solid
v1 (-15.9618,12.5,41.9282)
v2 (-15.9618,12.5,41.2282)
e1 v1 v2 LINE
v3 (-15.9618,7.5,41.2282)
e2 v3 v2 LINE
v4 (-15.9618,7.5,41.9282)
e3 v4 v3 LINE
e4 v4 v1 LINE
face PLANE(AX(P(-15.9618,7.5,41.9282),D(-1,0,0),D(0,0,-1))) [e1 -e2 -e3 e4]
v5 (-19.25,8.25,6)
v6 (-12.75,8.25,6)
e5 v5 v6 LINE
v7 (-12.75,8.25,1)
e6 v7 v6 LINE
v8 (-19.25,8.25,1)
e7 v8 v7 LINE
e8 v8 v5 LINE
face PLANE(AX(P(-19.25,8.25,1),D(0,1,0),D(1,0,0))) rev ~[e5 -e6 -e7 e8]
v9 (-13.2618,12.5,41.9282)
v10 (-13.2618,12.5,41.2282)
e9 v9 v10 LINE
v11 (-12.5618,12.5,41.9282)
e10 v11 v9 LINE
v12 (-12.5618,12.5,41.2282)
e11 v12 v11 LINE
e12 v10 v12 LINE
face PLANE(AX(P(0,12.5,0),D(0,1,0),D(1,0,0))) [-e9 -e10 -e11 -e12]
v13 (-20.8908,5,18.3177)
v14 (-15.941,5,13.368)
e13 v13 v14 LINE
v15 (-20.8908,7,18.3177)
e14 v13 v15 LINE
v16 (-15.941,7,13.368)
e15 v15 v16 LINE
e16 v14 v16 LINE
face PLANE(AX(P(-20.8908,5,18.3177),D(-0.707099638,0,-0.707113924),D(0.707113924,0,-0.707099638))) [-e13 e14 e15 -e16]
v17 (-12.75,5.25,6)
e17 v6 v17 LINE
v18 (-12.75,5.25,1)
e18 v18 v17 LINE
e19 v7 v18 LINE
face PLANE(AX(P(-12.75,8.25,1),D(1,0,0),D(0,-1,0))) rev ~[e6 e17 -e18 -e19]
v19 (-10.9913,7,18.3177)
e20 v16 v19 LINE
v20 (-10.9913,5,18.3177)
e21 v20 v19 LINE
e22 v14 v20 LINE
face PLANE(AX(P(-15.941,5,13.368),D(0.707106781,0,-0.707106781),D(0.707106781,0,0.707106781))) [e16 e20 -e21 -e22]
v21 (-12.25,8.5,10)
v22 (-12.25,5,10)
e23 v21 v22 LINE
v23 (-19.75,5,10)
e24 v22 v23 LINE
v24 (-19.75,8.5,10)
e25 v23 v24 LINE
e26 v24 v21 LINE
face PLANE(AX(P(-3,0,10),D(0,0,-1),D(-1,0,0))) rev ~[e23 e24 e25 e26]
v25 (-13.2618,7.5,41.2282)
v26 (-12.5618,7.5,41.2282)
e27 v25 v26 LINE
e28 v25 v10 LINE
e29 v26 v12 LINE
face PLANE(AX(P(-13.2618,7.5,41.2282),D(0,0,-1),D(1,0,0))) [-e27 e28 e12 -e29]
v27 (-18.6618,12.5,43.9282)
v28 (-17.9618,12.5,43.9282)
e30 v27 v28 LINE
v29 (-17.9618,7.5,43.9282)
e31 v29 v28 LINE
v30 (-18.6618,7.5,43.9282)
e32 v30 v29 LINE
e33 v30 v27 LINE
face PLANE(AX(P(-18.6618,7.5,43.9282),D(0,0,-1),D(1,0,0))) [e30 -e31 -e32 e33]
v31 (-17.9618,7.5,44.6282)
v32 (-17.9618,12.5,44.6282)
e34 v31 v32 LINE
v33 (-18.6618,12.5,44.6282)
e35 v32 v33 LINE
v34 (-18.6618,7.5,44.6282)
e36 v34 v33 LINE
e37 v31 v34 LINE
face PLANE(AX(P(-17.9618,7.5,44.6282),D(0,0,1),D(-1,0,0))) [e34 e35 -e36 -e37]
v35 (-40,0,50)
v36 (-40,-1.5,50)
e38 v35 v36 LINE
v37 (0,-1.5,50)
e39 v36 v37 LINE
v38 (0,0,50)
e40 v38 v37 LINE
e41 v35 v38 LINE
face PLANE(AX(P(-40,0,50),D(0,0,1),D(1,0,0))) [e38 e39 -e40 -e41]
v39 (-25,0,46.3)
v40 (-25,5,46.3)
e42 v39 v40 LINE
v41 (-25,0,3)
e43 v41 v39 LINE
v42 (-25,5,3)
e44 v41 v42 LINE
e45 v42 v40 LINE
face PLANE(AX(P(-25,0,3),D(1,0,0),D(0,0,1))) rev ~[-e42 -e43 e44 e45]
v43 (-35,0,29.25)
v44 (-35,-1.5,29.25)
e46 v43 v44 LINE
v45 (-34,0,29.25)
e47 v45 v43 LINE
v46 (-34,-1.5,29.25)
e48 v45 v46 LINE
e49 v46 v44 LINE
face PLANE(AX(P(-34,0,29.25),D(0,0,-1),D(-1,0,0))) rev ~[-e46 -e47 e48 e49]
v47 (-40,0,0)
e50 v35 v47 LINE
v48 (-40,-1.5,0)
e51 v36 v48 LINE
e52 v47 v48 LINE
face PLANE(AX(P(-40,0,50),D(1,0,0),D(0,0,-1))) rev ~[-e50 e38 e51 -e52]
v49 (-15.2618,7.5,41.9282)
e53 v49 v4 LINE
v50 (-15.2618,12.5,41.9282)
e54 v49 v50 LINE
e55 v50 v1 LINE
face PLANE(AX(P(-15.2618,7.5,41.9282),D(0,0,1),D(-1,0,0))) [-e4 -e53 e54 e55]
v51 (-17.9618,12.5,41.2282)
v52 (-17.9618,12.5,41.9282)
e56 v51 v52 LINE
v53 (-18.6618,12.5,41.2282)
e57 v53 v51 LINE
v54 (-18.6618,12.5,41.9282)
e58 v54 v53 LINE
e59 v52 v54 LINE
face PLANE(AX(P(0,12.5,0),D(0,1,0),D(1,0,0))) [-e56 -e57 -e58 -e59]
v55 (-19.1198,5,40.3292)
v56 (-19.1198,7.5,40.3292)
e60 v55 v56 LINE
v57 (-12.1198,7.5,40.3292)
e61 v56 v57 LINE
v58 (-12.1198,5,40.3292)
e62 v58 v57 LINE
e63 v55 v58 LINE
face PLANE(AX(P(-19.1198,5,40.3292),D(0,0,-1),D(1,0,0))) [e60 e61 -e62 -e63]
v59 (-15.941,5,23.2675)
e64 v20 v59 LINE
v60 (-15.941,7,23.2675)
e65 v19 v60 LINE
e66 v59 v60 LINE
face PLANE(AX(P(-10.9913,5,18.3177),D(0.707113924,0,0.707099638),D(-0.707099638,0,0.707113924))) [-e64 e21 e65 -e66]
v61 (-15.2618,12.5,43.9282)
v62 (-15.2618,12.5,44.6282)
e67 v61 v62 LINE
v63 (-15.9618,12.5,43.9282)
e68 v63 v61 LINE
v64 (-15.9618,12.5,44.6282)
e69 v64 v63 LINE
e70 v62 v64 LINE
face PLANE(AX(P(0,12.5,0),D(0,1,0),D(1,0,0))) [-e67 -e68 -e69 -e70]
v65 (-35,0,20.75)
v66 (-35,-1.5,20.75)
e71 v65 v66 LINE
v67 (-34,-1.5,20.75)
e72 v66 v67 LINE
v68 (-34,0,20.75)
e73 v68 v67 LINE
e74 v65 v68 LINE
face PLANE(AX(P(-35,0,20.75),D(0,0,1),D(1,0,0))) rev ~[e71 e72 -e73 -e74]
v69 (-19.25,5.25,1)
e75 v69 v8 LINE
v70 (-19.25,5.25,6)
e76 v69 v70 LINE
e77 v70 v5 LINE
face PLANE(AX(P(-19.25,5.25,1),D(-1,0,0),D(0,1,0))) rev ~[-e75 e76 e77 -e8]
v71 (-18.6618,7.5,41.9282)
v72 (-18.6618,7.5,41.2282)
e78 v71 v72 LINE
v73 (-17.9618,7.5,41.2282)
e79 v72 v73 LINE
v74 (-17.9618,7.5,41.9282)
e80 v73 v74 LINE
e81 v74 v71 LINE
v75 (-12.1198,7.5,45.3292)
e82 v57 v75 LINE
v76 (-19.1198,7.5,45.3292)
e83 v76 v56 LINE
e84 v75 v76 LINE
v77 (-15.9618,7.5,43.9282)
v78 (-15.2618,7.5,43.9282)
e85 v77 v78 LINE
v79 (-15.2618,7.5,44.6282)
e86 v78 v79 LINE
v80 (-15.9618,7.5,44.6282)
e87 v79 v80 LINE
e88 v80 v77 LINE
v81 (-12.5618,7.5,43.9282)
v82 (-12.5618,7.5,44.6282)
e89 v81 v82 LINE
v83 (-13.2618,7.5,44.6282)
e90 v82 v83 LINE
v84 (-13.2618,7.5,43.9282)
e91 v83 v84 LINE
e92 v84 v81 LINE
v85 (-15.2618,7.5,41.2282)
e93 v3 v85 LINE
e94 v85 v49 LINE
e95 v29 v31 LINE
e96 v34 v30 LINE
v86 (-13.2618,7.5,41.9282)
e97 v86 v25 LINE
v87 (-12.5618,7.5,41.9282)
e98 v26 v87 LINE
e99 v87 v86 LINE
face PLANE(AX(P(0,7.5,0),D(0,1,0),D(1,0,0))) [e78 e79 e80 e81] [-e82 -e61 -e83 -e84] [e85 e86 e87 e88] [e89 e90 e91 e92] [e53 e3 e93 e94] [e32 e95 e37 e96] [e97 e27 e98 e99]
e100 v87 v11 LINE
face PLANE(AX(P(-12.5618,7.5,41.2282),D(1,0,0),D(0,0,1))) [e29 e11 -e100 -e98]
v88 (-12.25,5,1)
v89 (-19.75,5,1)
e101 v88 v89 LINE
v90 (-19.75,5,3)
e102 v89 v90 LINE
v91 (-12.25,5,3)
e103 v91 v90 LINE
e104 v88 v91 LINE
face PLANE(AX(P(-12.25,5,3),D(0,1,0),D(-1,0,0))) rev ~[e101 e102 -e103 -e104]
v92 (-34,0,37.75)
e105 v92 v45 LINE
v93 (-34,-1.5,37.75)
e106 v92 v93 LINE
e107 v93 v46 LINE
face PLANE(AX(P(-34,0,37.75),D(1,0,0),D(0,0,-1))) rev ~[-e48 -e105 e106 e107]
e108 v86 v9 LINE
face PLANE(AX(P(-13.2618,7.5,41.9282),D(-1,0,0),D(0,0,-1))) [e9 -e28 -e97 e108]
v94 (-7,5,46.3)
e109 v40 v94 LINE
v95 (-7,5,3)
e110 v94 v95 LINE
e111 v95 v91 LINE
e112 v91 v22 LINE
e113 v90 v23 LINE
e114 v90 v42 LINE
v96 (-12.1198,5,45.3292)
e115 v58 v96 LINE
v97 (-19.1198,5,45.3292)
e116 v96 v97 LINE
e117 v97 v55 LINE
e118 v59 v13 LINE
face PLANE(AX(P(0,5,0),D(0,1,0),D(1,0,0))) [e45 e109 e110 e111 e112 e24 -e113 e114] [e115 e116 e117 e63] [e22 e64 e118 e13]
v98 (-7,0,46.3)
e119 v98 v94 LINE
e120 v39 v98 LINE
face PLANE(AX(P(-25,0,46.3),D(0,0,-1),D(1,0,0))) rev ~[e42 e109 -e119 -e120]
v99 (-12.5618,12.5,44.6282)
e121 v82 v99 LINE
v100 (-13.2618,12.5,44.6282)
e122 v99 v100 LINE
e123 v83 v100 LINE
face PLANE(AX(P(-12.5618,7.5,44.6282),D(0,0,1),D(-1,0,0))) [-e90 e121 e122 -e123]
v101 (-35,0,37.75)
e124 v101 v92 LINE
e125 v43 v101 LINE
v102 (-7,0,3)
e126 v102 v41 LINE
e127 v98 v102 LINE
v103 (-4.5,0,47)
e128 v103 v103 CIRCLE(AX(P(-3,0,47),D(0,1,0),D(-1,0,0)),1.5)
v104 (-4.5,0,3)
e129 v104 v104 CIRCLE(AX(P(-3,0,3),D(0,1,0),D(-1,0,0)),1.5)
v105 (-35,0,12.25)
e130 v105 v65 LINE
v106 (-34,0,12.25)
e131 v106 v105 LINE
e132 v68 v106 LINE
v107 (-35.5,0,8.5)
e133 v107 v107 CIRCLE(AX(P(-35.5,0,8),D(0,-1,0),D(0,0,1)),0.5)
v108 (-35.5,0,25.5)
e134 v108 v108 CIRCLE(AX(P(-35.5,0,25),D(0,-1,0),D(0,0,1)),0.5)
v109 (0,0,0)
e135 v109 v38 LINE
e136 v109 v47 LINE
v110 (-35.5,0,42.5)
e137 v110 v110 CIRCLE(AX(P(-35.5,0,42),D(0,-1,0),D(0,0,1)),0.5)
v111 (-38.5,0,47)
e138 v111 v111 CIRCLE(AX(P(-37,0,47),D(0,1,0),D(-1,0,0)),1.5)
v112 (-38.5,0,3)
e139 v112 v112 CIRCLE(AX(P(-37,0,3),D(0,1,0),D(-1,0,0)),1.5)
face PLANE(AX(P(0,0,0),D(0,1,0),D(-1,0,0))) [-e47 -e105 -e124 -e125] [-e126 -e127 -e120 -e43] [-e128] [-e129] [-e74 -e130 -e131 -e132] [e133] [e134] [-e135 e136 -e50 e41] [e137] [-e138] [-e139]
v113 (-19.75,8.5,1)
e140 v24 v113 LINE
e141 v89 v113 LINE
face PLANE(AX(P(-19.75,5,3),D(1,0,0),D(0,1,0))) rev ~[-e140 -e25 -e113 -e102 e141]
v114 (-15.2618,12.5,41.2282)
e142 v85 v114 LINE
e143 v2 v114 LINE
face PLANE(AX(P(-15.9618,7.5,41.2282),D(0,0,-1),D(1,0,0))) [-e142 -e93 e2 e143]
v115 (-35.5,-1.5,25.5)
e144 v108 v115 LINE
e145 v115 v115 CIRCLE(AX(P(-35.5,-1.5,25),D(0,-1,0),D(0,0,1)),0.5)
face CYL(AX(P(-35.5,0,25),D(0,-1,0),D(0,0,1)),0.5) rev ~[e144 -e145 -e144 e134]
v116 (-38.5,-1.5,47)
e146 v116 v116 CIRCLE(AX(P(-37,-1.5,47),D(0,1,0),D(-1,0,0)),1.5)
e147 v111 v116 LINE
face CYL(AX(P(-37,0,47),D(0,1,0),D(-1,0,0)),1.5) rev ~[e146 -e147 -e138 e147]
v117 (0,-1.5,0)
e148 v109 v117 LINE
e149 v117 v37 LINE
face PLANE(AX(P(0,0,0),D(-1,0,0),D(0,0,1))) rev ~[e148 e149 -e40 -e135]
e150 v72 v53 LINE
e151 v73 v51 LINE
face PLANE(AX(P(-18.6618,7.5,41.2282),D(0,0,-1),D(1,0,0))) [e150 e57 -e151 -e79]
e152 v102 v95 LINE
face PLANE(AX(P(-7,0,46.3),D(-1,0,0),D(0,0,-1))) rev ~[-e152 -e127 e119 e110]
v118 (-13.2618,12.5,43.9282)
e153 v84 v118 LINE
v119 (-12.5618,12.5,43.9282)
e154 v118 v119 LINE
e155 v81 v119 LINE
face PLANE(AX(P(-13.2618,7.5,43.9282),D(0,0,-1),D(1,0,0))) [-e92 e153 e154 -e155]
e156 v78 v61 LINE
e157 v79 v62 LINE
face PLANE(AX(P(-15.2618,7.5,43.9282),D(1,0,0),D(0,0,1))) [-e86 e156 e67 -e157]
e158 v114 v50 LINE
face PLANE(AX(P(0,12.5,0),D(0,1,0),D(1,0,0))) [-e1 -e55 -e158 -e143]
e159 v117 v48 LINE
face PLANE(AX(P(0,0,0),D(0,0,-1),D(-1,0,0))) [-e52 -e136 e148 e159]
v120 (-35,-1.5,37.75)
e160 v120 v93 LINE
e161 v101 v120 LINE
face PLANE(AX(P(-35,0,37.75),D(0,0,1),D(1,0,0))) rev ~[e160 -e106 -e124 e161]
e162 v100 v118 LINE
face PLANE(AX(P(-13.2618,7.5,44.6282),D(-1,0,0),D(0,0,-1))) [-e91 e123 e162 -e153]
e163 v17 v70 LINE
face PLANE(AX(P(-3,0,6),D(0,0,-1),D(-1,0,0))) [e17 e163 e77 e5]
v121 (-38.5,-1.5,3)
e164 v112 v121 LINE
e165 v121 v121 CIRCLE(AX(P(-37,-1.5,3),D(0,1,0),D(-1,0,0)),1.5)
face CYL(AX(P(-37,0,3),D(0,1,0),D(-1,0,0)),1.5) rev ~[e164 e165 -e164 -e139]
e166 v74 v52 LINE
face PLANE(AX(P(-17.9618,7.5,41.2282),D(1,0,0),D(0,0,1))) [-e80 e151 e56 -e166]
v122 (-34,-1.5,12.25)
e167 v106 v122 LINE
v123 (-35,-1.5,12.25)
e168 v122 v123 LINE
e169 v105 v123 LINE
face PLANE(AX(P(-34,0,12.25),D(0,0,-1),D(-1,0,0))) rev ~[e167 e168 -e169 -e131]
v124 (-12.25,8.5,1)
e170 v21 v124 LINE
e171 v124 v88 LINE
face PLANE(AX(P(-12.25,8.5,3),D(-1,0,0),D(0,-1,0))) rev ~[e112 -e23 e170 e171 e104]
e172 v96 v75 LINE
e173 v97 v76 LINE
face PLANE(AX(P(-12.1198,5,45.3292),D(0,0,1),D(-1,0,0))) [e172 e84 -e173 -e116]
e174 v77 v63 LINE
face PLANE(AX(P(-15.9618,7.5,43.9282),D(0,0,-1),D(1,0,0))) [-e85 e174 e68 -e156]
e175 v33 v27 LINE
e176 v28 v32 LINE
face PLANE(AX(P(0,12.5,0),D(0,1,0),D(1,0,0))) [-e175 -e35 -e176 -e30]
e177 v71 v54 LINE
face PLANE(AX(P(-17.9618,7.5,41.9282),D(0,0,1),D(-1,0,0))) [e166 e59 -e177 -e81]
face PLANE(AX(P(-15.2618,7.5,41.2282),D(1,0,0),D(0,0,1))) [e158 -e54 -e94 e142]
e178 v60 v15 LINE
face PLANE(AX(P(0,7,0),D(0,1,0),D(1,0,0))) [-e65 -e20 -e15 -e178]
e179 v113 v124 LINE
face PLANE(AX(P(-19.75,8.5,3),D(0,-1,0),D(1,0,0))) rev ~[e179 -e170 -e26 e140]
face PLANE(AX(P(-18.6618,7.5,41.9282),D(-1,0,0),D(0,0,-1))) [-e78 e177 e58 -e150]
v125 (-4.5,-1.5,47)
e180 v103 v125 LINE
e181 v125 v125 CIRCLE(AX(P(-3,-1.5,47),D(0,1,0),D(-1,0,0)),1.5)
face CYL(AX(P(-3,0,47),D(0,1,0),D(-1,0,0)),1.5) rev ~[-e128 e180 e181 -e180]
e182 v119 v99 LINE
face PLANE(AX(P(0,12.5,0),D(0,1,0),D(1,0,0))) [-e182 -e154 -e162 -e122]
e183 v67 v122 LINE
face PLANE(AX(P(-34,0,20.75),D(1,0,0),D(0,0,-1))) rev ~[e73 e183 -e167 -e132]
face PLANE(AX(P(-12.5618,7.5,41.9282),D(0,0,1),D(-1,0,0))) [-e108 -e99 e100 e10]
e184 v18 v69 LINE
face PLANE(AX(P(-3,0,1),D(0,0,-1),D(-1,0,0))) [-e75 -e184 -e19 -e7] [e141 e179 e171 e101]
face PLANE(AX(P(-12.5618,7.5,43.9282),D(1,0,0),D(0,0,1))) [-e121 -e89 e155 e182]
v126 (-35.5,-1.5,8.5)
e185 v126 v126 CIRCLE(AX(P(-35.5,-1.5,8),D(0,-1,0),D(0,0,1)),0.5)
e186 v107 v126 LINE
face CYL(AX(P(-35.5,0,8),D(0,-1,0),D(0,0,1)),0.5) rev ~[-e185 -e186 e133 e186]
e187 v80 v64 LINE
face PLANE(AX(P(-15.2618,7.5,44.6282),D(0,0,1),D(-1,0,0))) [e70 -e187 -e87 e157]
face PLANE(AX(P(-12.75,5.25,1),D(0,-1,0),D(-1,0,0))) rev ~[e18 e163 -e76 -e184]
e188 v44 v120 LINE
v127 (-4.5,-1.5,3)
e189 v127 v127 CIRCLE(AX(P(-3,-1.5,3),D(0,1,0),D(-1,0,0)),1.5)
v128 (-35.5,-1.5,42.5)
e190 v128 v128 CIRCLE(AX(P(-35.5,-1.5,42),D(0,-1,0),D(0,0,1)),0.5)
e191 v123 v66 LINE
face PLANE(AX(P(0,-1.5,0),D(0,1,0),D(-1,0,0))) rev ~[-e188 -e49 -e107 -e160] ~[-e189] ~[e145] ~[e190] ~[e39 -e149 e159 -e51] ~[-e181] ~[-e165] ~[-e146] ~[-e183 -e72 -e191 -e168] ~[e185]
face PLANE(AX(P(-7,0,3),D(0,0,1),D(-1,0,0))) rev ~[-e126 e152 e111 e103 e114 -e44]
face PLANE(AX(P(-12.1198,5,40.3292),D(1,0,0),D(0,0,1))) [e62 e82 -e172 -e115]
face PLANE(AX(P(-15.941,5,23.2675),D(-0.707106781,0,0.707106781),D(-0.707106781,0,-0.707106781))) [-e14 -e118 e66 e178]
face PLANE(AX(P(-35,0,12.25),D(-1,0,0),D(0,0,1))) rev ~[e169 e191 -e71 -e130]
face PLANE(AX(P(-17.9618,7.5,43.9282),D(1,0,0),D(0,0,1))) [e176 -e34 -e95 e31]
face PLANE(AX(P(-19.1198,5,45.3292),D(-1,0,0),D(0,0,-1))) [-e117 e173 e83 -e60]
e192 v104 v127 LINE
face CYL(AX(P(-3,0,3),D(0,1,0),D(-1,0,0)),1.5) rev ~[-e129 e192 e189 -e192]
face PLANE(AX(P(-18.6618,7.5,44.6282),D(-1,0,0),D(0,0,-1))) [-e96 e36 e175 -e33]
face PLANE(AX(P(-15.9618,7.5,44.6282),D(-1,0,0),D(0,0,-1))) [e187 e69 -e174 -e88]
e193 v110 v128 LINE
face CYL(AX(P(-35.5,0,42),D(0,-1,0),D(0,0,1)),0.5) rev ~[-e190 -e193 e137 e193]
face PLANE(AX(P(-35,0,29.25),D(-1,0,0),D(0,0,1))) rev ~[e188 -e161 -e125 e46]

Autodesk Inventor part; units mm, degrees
ref_plane "YZ Plane" through (0, 0, 0) normal (1, 0, 0) x (0, 1, 0)
ref_plane "XZ Plane" through (0, 0, 0) normal (0, 1, 0) x (-1, 0, 0)
ref_plane "XY Plane" through (0, 0, 0) normal (0, 0, 1) x (1, 0, 0)
sketch "Sketch1" plane through (0, 0, 0) normal (0, 1, 0) x (-1, 0, 0)
  line L0 (40, 50) -> (40, 0)
  line L1 (35, 12.25) -> (35, 20.75)
  line L2 (35, 20.75) -> (34, 20.75)
  line L3 (34, 20.75) -> (34, 12.25)
  line L4 (34, 12.25) -> (35, 12.25)
  line L5 (34, 29.25) -> (35, 29.25)
  line L6 (35, 29.25) -> (35, 37.75)
  line L7 (35, 37.75) -> (34, 37.75)
  line L8 (34, 37.75) -> (34, 29.25)
  line L9 (40, 50) -> (0, 50)
  line L10 (0, 0) -> (40, 0)
  line L11 (17.2477, 25) -> (11.4252, 25) construction
  line L12 (0, 0) -> (0, 50)
  circle A0 centre (37, 47) radius 1.5
  circle A1 centre (3, 47) radius 1.5
  circle A2 centre (37, 3) radius 1.5
  circle A3 centre (3, 3) radius 1.5
  point P0 (0, 0)
  point P1 (0, 0)
  point P2 (0, 0)
  point P3 (0, 0)
  point P4 (35.5, 42)
  point P5 (35.5, 25)
  point P6 (35.5, 8)
  dimension "d151" = 8.5
  dimension "d153" = 1
  dimension "d155" = 5
  dimension "d159" = 17
  dimension "d160" = 17
  dimension "d161" = 4.25
  dimension "d162" = 4.25
  dimension "d176" = 4.5
  dimension "d248" = 40
  dimension "d249" = 50
  dimension "d250" = 3
  dimension "d251" = 3
  dimension "d252" = 3
  dimension "d253" = 3
  dimension "d254" = 3
extrude "Extrusion1" add sketch "Sketch1" against normal blind 1.5
hole "Hole1" at (-35.5, 0, 42) at (-35.5, 0, 25) at (-35.5, 0, 8) direction (0, -1, 0) diameter 1 end through all
sketch "Sketch4" plane through (0, 0, 0) normal (0, 1, 0) x (1, 0, 0)
  line L0 (-7, -46.3) -> (-7, -3)
  line L1 (-7, -3) -> (-25, -3)
  line L2 (-25, -3) -> (-25, -46.3)
  line L3 (-25, -46.3) -> (-7, -46.3)
  line L4 (-40, 0) -> (0, 0) projected
  line L5 (0, 0) -> (0, -50) projected
  dimension "d189" = 18
  dimension "d255" = 3
  dimension "d256" = 7
  dimension "d257" = 43.3
extrude "Extrusion11" add sketch "Sketch4" along normal blind 5
sketch "Sketch6" plane through (0, 5, 0) normal (0, 1, 0) x (1, 0, 0)
  line L0 (-20.8908, -18.3177) -> (-15.941, -13.368)
  line L1 (-15.941, -13.368) -> (-10.9913, -18.3177)
  line L2 (-10.9913, -18.3177) -> (-15.941, -23.2675)
  line L3 (-15.941, -23.2675) -> (-20.8908, -18.3177)
  point P0 (0, 0)
  dimension "d198" = 7
  dimension "d199" = 7
extrude "Extrusion13" add sketch "Sketch6" along normal blind 2
sketch "Sketch7" plane through (0, 5, 0) normal (0, 1, 0) x (1, 0, 0)
  line L0 (-19.1198, -40.3292) -> (-12.1198, -40.3292)
  line L1 (-12.1198, -40.3292) -> (-12.1198, -45.3292)
  line L2 (-12.1198, -45.3292) -> (-19.1198, -45.3292)
  line L3 (-19.1198, -45.3292) -> (-19.1198, -40.3292)
  point P0 (0, 0)
  dimension "d202" = 7
  dimension "d203" = 5
extrude "Extrusion14" add sketch "Sketch7" along normal blind 2.5
sketch "Sketch8" plane through (0, 7.5, 0) normal (0, 1, 0) x (1, 0, 0)
  line L0 (-18.6618, -41.2282) -> (-17.9618, -41.2282)
  line L1 (-17.9618, -41.2282) -> (-17.9618, -41.9282)
  line L2 (-17.9618, -41.9282) -> (-18.6618, -41.9282)
  line L3 (-18.6618, -41.9282) -> (-18.6618, -41.2282)
  line L4 (-18.6618, -43.9282) -> (-17.9618, -43.9282)
  line L5 (-17.9618, -43.9282) -> (-17.9618, -44.6282)
  line L6 (-17.9618, -44.6282) -> (-18.6618, -44.6282)
  line L7 (-18.6618, -44.6282) -> (-18.6618, -43.9282)
  line L8 (-15.9618, -41.2282) -> (-15.2618, -41.2282)
  line L9 (-15.2618, -41.2282) -> (-15.2618, -41.9282)
  line L10 (-15.2618, -41.9282) -> (-15.9618, -41.9282)
  line L11 (-15.9618, -41.9282) -> (-15.9618, -41.2282)
  line L12 (-15.9618, -43.9282) -> (-15.2618, -43.9282)
  line L13 (-15.2618, -43.9282) -> (-15.2618, -44.6282)
  line L14 (-15.2618, -44.6282) -> (-15.9618, -44.6282)
  line L15 (-15.9618, -44.6282) -> (-15.9618, -43.9282)
  line L16 (-13.2618, -41.2282) -> (-12.5618, -41.2282)
  line L17 (-12.5618, -41.2282) -> (-12.5618, -41.9282)
  line L18 (-12.5618, -41.9282) -> (-13.2618, -41.9282)
  line L19 (-13.2618, -41.9282) -> (-13.2618, -41.2282)
  line L20 (-13.2618, -43.9282) -> (-12.5618, -43.9282)
  line L21 (-12.5618, -43.9282) -> (-12.5618, -44.6282)
  line L22 (-12.5618, -44.6282) -> (-13.2618, -44.6282)
  line L23 (-13.2618, -44.6282) -> (-13.2618, -43.9282)
  point P0 (0, 0)
  dimension "d206" = 0.7
  dimension "d207" = 2
  dimension "d208" = 2
  dimension "d209" = 2
extrude "Extrusion15" add sketch "Sketch8" along normal blind 5
sketch "Sketch9" plane through (-3, 0, 3) normal (0, 0, -1) x (-1, 0, 0)
  line L0 (16.75, 8.5) -> (9.25, 8.5)
  line L1 (9.25, 8.5) -> (9.25, 5)
  line L2 (9.25, 5) -> (16.75, 5)
  line L3 (16.75, 5) -> (16.75, 8.5)
  line L4 (13, 5.7242) -> (13, 7.4058) construction
  line L5 (22, 0) -> (22, 5) projected
  line L6 (4, 5) -> (22, 5) projected
  dimension "d213" = 7.5
  dimension "d214" = 3.5
  dimension "d258" = 5.25
extrude "Extrusion16" add sketch "Sketch9" along normal blind 2 and the other way blind 7
sketch "Sketch15" plane through (-3, 0, 1) normal (0, 0, -1) x (-1, 0, 0)
  line L0 (16.25, 8.25) -> (9.75, 8.25)
  line L1 (9.75, 8.25) -> (9.75, 5.25)
  line L2 (9.75, 5.25) -> (16.25, 5.25)
  line L3 (16.25, 5.25) -> (16.25, 8.25)
  line L4 (9.25, 8.5) -> (9.25, 5) projected
  line L5 (16.75, 8.5) -> (9.25, 8.5) projected
  point P0 (-3, 0)
  dimension "d242" = 6.5
  dimension "d243" = 3
  dimension "d244" = 0.5
  dimension "d245" = 0.25
extrude "Extrusion20" cut sketch "Sketch15" against normal blind 5
properties part number "Motherboard_dummy" material "ABS Plastic"
